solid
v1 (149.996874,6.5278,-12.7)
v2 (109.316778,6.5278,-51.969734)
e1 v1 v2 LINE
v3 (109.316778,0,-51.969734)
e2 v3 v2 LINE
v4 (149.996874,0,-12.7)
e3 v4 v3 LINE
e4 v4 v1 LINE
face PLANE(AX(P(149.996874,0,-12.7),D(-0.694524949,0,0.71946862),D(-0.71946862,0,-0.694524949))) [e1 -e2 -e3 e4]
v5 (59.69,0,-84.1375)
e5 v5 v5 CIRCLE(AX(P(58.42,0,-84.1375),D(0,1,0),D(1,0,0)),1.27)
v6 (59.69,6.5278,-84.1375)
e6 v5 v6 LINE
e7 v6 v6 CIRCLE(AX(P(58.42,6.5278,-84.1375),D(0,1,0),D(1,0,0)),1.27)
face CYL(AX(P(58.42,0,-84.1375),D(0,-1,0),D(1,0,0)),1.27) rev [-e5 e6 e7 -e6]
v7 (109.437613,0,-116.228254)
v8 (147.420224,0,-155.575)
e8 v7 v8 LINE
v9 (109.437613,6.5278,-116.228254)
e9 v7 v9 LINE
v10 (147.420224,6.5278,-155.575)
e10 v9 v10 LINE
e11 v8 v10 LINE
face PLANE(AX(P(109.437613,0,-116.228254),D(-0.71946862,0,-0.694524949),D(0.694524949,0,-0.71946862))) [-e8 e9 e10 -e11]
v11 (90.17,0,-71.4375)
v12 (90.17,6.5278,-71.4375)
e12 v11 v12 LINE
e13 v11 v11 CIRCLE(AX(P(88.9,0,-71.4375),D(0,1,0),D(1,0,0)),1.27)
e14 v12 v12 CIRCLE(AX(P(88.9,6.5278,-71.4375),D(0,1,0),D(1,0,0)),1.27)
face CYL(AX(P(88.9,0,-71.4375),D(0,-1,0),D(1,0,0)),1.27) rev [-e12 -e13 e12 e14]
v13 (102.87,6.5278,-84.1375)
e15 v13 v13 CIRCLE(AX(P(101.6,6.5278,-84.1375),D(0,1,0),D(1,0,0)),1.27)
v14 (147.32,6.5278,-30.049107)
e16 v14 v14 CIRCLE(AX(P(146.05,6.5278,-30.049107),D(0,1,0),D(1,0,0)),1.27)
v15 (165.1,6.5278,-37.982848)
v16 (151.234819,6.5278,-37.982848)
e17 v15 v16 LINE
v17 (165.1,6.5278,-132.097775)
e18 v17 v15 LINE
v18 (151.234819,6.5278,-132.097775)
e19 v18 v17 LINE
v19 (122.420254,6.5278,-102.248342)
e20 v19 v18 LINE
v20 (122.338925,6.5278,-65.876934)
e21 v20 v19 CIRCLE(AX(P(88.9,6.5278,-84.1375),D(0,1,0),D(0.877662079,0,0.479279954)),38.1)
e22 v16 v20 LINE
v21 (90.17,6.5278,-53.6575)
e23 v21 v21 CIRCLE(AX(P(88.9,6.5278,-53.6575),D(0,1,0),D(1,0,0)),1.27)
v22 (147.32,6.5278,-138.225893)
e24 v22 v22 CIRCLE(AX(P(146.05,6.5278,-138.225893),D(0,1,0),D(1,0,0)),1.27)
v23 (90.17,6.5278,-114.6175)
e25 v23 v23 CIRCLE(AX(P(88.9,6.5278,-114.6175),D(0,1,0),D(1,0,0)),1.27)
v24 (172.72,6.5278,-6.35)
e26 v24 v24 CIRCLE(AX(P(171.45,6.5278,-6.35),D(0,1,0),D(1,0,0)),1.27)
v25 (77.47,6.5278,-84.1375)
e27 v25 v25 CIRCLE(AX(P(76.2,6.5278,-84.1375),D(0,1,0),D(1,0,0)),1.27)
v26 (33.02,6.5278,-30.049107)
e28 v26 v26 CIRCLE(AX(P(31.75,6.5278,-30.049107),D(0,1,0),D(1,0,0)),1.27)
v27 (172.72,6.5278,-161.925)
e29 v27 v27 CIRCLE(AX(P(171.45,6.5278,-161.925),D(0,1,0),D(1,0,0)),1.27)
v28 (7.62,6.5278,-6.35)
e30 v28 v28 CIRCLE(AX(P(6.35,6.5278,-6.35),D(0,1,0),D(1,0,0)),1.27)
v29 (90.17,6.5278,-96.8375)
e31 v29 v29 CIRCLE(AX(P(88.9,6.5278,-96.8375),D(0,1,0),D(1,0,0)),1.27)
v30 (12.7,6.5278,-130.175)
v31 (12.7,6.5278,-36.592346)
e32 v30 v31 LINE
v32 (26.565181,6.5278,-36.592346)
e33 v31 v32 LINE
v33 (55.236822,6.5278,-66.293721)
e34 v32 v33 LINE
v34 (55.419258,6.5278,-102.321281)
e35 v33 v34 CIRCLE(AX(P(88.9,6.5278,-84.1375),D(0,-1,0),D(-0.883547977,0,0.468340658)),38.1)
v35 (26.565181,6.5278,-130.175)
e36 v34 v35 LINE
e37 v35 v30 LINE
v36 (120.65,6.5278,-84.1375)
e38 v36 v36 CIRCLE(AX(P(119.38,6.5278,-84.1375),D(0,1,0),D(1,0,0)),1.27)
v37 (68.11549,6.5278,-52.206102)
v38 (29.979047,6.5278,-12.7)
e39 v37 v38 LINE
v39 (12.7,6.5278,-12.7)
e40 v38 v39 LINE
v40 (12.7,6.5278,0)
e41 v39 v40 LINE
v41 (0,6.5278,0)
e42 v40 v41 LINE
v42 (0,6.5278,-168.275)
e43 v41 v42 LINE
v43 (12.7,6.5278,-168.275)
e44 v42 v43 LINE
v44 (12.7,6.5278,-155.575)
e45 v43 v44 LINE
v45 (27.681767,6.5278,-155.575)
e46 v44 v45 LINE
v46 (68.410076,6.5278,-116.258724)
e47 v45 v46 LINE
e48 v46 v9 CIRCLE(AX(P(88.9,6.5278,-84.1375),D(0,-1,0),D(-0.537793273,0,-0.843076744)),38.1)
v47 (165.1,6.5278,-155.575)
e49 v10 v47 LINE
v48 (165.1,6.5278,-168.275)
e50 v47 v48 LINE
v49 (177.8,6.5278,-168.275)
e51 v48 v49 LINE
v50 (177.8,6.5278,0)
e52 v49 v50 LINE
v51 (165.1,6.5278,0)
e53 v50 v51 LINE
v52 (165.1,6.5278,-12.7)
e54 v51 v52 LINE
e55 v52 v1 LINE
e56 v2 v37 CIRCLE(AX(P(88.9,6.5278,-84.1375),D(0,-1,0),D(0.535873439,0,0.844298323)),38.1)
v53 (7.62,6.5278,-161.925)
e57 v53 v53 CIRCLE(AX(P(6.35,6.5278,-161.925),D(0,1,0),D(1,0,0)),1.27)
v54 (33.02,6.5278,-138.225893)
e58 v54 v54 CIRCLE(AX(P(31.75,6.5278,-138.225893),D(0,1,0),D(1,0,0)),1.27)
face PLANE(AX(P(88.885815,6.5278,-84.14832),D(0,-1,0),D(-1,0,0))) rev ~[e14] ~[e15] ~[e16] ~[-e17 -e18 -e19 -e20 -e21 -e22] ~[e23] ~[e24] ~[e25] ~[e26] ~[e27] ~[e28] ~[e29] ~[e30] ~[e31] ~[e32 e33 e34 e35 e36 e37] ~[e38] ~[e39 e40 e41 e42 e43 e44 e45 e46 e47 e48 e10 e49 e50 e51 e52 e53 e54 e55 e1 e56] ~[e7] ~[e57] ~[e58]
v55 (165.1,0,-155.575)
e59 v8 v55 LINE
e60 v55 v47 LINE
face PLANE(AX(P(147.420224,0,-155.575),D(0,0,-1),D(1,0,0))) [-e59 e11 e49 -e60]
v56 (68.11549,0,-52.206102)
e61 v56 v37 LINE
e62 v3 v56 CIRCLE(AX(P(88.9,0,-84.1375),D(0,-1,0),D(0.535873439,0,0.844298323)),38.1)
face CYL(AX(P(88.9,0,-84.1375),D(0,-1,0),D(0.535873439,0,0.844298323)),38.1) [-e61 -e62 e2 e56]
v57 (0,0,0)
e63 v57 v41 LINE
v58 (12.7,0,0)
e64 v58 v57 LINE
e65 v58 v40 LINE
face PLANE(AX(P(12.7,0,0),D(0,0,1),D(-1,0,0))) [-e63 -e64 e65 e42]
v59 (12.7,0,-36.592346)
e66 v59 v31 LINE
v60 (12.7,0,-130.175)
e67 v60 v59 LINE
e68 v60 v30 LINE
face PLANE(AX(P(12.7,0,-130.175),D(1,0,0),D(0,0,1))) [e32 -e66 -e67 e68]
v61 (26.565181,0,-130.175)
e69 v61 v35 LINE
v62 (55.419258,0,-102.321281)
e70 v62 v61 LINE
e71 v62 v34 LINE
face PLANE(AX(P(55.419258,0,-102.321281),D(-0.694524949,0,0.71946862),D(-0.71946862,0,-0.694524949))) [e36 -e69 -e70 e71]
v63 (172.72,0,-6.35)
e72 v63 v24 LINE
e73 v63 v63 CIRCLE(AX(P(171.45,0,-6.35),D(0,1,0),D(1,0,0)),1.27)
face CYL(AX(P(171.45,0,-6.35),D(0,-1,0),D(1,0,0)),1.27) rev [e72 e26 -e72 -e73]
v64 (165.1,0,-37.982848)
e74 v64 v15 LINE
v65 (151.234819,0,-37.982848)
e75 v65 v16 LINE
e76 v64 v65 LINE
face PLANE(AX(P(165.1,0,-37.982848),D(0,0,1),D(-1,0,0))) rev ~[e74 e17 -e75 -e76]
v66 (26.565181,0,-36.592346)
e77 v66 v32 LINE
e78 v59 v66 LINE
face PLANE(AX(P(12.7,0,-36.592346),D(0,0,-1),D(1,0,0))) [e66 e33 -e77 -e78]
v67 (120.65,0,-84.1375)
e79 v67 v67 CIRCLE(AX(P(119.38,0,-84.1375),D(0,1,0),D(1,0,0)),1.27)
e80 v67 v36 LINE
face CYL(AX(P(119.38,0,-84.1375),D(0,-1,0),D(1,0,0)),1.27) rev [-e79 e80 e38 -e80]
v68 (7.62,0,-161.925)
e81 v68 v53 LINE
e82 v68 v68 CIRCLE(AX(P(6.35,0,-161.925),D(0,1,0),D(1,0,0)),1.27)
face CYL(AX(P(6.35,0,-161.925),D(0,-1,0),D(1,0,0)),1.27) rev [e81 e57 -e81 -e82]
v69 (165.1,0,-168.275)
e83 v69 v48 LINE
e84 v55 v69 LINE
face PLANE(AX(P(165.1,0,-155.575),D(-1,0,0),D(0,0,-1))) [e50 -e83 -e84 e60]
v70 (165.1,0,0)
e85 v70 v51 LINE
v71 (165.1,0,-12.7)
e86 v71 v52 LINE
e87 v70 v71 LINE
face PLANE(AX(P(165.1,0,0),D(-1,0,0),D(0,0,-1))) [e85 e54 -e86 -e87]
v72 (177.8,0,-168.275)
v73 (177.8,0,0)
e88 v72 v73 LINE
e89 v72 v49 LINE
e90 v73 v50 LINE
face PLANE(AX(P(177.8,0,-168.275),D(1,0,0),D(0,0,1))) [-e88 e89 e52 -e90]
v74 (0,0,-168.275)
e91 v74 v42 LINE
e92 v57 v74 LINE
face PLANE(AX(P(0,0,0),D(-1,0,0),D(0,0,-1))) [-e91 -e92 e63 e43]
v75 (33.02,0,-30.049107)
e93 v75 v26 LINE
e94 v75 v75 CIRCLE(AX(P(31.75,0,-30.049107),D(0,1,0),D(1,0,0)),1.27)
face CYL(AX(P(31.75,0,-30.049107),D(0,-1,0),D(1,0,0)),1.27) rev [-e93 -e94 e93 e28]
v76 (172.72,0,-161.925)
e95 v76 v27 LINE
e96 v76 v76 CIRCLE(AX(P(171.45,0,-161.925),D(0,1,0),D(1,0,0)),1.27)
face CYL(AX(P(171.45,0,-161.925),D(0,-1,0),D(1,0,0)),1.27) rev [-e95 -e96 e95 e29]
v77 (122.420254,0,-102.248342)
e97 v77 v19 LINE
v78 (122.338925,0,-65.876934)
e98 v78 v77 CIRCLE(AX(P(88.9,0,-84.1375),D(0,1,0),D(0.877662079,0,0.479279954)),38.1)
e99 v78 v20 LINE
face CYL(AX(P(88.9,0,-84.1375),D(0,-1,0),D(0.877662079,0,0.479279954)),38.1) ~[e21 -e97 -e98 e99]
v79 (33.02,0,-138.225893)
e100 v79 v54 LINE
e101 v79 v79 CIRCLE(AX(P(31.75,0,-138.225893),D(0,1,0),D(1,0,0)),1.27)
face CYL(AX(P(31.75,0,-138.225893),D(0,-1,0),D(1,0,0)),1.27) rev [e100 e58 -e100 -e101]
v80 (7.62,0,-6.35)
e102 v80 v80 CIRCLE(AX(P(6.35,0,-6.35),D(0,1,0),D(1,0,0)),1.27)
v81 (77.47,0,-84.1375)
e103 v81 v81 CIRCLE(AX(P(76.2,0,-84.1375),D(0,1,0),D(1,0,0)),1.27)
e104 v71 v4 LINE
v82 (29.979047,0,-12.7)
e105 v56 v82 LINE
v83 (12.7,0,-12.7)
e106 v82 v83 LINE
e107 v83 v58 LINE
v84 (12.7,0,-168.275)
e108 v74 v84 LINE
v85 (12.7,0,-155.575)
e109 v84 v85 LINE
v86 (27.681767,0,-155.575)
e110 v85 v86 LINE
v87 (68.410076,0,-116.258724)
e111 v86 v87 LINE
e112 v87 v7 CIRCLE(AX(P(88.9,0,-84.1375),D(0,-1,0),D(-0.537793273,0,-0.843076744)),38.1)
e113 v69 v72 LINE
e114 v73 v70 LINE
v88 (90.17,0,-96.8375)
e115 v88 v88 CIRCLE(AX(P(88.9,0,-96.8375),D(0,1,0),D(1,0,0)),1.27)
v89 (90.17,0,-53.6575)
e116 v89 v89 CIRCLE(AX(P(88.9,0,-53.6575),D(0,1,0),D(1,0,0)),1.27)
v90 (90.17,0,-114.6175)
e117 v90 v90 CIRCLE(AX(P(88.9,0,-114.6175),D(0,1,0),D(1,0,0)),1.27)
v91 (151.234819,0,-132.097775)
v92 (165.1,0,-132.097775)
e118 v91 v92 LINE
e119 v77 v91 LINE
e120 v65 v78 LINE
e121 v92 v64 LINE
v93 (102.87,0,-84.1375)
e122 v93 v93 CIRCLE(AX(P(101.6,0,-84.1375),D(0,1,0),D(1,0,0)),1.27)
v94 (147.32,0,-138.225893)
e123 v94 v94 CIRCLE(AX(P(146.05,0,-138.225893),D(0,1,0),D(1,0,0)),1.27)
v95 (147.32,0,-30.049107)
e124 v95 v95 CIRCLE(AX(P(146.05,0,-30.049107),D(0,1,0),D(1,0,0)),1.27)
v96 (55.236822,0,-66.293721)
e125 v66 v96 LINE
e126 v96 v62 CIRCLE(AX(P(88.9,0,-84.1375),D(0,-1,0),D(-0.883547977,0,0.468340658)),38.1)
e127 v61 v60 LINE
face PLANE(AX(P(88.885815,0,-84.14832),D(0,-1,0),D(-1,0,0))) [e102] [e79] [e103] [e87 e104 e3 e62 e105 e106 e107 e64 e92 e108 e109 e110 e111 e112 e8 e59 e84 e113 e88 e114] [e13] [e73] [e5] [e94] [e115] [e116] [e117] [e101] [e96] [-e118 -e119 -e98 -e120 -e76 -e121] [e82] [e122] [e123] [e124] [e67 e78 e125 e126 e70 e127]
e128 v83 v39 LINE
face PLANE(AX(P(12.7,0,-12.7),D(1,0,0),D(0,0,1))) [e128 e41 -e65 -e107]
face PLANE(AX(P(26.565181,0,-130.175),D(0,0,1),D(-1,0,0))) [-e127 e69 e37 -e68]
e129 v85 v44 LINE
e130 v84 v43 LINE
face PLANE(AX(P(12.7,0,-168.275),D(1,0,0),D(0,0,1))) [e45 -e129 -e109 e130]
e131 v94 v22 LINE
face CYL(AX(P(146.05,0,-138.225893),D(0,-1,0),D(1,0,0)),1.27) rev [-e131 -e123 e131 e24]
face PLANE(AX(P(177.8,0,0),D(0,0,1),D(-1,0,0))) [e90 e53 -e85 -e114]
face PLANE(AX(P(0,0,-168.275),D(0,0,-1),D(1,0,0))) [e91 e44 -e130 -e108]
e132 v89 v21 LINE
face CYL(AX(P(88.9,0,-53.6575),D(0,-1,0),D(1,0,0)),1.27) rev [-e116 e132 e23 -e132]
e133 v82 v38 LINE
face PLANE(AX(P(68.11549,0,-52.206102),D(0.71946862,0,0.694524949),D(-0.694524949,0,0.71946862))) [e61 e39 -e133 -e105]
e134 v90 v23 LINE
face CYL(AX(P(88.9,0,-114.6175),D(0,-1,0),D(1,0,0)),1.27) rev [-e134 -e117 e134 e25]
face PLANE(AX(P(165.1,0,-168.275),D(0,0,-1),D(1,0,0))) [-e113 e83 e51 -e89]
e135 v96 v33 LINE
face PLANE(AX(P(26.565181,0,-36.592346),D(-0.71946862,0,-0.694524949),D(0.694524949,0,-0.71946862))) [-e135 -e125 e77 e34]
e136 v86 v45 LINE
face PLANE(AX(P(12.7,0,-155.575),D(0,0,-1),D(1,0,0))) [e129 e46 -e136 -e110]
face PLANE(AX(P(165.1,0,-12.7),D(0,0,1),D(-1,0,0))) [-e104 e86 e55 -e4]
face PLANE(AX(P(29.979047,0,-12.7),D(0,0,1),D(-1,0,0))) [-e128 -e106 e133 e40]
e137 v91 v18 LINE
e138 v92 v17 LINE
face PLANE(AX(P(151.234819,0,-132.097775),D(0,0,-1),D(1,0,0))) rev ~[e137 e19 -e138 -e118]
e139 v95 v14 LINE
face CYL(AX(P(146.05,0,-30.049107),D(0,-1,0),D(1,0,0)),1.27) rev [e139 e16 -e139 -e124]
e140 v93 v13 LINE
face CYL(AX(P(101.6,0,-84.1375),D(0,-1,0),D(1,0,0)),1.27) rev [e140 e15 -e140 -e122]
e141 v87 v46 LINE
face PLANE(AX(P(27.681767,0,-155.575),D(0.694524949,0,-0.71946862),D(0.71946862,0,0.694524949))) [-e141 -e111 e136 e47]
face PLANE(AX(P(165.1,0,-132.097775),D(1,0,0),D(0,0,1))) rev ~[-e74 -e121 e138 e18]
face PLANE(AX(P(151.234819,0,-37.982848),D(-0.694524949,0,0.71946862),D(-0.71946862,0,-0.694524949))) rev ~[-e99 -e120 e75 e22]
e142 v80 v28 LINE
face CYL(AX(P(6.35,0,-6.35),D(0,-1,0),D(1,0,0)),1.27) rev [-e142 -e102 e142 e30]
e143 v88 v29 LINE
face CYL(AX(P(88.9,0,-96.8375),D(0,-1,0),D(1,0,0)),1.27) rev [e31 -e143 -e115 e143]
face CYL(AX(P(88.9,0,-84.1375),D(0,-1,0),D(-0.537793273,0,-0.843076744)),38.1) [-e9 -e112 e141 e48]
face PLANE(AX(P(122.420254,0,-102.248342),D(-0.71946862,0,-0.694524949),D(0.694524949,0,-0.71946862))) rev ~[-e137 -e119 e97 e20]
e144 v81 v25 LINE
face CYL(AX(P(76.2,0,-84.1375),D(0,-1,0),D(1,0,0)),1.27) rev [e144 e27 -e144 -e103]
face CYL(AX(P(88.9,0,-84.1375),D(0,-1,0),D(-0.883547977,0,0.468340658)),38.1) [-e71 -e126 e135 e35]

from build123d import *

# Parameters (mm, degrees)
SKETCH1_R           = 1.27
BOSS_EXTRUDE1_DEPTH = 6.5278


with BuildPart() as part:
    # Sketch1 → Boss-Extrude1 (new body)
    with BuildSketch(Plane(origin=(0, 0, 0), x_dir=(1, 0, 0), z_dir=(0, 1, 0))):
        with BuildLine():
            Line((177.8, 0), (165.1, 0))
            Line((165.1, 0), (165.1, 12.7))
            Line((165.1, 12.7), (149.996873526, 12.7))
            Line((149.996873526, 12.7), (109.316778017, 51.969733907))
            ThreePointArc((109.316778017, 51.969733907), (88.681426877, 46.038126963), (68.115490096, 52.206102473))
            Line((68.115490096, 52.206102473), (29.979047387, 12.7))
            Line((29.979047387, 12.7), (12.7, 12.7))
            Line((12.7, 12.7), (12.7, 0))
            Line((12.7, 0), (0, 0))
            Line((0, 0), (0, 12.7))
            Line((0, 12.7), (0, 155.575))
            Line((0, 155.575), (0, 168.275))
            Line((0, 168.275), (12.7, 168.275))
            Line((12.7, 168.275), (12.7, 155.575))
            Line((12.7, 155.575), (27.681767073, 155.575))
            Line((27.681767073, 155.575), (68.410076297, 116.258723928))
            ThreePointArc((68.410076297, 116.258723928), (88.928296157, 122.237489492), (109.437612749, 116.228253537))
            Line((109.437612749, 116.228253537), (147.420224254, 155.575))
            Line((147.420224254, 155.575), (165.1, 155.575))
            Line((165.1, 155.575), (165.1, 168.275))
            Line((165.1, 168.275), (177.8, 168.275))
            Line((177.8, 168.275), (177.8, 155.575))
            Line((177.8, 155.575), (177.8, 12.7))
            Line((177.8, 12.7), (177.8, 0))
        make_face()
        with Locations((101.6, 84.1375)):
            Circle(SKETCH1_R, mode=Mode.SUBTRACT)
        with Locations((88.9, 71.4375)):
            Circle(SKETCH1_R, mode=Mode.SUBTRACT)
        with Locations((76.2, 84.1375)):
            Circle(SKETCH1_R, mode=Mode.SUBTRACT)
        with Locations((88.9, 96.8375)):
            Circle(SKETCH1_R, mode=Mode.SUBTRACT)
        with Locations((119.38, 84.1375)):
            Circle(SKETCH1_R, mode=Mode.SUBTRACT)
        with Locations((88.9, 53.6575)):
            Circle(SKETCH1_R, mode=Mode.SUBTRACT)
        with Locations((58.42, 84.1375)):
            Circle(SKETCH1_R, mode=Mode.SUBTRACT)
        with Locations((88.9, 114.6175)):
            Circle(SKETCH1_R, mode=Mode.SUBTRACT)
        with Locations((171.45, 161.925)):
            Circle(SKETCH1_R, mode=Mode.SUBTRACT)
        with Locations((171.45, 6.35)):
            Circle(SKETCH1_R, mode=Mode.SUBTRACT)
        with Locations((6.35, 6.35)):
            Circle(SKETCH1_R, mode=Mode.SUBTRACT)
        with Locations((6.35, 161.925)):
            Circle(SKETCH1_R, mode=Mode.SUBTRACT)
        with Locations((146.05, 138.225892857)):
            Circle(SKETCH1_R, mode=Mode.SUBTRACT)
        with Locations((146.05, 30.049107143)):
            Circle(SKETCH1_R, mode=Mode.SUBTRACT)
        with Locations((31.75, 30.049107143)):
            Circle(SKETCH1_R, mode=Mode.SUBTRACT)
        with Locations((31.75, 138.225892857)):
            Circle(SKETCH1_R, mode=Mode.SUBTRACT)
        with BuildLine():
            Line((165.1, 132.097774838), (165.1, 37.982848079))
            Line((165.1, 37.982848079), (151.23481924, 37.982848079))
            Line((151.23481924, 37.982848079), (122.338925223, 65.876933745))
            ThreePointArc((122.338925223, 65.876933745), (126.999904752, 84.052306631), (122.420253584, 102.248342047))
            Line((122.420253584, 102.248342047), (151.23481924, 132.097774838))
            Line((151.23481924, 132.097774838), (165.1, 132.097774838))
        make_face(mode=Mode.SUBTRACT)
        with BuildLine():
            Line((12.7, 130.175), (12.7, 36.592345569))
            Line((12.7, 36.592345569), (26.56518076, 36.592345569))
            Line((26.56518076, 36.592345569), (55.23682207, 66.293720925))
            ThreePointArc((55.23682207, 66.293720925), (50.800488469, 84.330427734), (55.41925789, 102.321281448))
            Line((55.41925789, 102.321281448), (26.56518076, 130.175))
            Line((26.56518076, 130.175), (12.7, 130.175))
        make_face(mode=Mode.SUBTRACT)
    extrude(amount=BOSS_EXTRUDE1_DEPTH)


solid = part.part
